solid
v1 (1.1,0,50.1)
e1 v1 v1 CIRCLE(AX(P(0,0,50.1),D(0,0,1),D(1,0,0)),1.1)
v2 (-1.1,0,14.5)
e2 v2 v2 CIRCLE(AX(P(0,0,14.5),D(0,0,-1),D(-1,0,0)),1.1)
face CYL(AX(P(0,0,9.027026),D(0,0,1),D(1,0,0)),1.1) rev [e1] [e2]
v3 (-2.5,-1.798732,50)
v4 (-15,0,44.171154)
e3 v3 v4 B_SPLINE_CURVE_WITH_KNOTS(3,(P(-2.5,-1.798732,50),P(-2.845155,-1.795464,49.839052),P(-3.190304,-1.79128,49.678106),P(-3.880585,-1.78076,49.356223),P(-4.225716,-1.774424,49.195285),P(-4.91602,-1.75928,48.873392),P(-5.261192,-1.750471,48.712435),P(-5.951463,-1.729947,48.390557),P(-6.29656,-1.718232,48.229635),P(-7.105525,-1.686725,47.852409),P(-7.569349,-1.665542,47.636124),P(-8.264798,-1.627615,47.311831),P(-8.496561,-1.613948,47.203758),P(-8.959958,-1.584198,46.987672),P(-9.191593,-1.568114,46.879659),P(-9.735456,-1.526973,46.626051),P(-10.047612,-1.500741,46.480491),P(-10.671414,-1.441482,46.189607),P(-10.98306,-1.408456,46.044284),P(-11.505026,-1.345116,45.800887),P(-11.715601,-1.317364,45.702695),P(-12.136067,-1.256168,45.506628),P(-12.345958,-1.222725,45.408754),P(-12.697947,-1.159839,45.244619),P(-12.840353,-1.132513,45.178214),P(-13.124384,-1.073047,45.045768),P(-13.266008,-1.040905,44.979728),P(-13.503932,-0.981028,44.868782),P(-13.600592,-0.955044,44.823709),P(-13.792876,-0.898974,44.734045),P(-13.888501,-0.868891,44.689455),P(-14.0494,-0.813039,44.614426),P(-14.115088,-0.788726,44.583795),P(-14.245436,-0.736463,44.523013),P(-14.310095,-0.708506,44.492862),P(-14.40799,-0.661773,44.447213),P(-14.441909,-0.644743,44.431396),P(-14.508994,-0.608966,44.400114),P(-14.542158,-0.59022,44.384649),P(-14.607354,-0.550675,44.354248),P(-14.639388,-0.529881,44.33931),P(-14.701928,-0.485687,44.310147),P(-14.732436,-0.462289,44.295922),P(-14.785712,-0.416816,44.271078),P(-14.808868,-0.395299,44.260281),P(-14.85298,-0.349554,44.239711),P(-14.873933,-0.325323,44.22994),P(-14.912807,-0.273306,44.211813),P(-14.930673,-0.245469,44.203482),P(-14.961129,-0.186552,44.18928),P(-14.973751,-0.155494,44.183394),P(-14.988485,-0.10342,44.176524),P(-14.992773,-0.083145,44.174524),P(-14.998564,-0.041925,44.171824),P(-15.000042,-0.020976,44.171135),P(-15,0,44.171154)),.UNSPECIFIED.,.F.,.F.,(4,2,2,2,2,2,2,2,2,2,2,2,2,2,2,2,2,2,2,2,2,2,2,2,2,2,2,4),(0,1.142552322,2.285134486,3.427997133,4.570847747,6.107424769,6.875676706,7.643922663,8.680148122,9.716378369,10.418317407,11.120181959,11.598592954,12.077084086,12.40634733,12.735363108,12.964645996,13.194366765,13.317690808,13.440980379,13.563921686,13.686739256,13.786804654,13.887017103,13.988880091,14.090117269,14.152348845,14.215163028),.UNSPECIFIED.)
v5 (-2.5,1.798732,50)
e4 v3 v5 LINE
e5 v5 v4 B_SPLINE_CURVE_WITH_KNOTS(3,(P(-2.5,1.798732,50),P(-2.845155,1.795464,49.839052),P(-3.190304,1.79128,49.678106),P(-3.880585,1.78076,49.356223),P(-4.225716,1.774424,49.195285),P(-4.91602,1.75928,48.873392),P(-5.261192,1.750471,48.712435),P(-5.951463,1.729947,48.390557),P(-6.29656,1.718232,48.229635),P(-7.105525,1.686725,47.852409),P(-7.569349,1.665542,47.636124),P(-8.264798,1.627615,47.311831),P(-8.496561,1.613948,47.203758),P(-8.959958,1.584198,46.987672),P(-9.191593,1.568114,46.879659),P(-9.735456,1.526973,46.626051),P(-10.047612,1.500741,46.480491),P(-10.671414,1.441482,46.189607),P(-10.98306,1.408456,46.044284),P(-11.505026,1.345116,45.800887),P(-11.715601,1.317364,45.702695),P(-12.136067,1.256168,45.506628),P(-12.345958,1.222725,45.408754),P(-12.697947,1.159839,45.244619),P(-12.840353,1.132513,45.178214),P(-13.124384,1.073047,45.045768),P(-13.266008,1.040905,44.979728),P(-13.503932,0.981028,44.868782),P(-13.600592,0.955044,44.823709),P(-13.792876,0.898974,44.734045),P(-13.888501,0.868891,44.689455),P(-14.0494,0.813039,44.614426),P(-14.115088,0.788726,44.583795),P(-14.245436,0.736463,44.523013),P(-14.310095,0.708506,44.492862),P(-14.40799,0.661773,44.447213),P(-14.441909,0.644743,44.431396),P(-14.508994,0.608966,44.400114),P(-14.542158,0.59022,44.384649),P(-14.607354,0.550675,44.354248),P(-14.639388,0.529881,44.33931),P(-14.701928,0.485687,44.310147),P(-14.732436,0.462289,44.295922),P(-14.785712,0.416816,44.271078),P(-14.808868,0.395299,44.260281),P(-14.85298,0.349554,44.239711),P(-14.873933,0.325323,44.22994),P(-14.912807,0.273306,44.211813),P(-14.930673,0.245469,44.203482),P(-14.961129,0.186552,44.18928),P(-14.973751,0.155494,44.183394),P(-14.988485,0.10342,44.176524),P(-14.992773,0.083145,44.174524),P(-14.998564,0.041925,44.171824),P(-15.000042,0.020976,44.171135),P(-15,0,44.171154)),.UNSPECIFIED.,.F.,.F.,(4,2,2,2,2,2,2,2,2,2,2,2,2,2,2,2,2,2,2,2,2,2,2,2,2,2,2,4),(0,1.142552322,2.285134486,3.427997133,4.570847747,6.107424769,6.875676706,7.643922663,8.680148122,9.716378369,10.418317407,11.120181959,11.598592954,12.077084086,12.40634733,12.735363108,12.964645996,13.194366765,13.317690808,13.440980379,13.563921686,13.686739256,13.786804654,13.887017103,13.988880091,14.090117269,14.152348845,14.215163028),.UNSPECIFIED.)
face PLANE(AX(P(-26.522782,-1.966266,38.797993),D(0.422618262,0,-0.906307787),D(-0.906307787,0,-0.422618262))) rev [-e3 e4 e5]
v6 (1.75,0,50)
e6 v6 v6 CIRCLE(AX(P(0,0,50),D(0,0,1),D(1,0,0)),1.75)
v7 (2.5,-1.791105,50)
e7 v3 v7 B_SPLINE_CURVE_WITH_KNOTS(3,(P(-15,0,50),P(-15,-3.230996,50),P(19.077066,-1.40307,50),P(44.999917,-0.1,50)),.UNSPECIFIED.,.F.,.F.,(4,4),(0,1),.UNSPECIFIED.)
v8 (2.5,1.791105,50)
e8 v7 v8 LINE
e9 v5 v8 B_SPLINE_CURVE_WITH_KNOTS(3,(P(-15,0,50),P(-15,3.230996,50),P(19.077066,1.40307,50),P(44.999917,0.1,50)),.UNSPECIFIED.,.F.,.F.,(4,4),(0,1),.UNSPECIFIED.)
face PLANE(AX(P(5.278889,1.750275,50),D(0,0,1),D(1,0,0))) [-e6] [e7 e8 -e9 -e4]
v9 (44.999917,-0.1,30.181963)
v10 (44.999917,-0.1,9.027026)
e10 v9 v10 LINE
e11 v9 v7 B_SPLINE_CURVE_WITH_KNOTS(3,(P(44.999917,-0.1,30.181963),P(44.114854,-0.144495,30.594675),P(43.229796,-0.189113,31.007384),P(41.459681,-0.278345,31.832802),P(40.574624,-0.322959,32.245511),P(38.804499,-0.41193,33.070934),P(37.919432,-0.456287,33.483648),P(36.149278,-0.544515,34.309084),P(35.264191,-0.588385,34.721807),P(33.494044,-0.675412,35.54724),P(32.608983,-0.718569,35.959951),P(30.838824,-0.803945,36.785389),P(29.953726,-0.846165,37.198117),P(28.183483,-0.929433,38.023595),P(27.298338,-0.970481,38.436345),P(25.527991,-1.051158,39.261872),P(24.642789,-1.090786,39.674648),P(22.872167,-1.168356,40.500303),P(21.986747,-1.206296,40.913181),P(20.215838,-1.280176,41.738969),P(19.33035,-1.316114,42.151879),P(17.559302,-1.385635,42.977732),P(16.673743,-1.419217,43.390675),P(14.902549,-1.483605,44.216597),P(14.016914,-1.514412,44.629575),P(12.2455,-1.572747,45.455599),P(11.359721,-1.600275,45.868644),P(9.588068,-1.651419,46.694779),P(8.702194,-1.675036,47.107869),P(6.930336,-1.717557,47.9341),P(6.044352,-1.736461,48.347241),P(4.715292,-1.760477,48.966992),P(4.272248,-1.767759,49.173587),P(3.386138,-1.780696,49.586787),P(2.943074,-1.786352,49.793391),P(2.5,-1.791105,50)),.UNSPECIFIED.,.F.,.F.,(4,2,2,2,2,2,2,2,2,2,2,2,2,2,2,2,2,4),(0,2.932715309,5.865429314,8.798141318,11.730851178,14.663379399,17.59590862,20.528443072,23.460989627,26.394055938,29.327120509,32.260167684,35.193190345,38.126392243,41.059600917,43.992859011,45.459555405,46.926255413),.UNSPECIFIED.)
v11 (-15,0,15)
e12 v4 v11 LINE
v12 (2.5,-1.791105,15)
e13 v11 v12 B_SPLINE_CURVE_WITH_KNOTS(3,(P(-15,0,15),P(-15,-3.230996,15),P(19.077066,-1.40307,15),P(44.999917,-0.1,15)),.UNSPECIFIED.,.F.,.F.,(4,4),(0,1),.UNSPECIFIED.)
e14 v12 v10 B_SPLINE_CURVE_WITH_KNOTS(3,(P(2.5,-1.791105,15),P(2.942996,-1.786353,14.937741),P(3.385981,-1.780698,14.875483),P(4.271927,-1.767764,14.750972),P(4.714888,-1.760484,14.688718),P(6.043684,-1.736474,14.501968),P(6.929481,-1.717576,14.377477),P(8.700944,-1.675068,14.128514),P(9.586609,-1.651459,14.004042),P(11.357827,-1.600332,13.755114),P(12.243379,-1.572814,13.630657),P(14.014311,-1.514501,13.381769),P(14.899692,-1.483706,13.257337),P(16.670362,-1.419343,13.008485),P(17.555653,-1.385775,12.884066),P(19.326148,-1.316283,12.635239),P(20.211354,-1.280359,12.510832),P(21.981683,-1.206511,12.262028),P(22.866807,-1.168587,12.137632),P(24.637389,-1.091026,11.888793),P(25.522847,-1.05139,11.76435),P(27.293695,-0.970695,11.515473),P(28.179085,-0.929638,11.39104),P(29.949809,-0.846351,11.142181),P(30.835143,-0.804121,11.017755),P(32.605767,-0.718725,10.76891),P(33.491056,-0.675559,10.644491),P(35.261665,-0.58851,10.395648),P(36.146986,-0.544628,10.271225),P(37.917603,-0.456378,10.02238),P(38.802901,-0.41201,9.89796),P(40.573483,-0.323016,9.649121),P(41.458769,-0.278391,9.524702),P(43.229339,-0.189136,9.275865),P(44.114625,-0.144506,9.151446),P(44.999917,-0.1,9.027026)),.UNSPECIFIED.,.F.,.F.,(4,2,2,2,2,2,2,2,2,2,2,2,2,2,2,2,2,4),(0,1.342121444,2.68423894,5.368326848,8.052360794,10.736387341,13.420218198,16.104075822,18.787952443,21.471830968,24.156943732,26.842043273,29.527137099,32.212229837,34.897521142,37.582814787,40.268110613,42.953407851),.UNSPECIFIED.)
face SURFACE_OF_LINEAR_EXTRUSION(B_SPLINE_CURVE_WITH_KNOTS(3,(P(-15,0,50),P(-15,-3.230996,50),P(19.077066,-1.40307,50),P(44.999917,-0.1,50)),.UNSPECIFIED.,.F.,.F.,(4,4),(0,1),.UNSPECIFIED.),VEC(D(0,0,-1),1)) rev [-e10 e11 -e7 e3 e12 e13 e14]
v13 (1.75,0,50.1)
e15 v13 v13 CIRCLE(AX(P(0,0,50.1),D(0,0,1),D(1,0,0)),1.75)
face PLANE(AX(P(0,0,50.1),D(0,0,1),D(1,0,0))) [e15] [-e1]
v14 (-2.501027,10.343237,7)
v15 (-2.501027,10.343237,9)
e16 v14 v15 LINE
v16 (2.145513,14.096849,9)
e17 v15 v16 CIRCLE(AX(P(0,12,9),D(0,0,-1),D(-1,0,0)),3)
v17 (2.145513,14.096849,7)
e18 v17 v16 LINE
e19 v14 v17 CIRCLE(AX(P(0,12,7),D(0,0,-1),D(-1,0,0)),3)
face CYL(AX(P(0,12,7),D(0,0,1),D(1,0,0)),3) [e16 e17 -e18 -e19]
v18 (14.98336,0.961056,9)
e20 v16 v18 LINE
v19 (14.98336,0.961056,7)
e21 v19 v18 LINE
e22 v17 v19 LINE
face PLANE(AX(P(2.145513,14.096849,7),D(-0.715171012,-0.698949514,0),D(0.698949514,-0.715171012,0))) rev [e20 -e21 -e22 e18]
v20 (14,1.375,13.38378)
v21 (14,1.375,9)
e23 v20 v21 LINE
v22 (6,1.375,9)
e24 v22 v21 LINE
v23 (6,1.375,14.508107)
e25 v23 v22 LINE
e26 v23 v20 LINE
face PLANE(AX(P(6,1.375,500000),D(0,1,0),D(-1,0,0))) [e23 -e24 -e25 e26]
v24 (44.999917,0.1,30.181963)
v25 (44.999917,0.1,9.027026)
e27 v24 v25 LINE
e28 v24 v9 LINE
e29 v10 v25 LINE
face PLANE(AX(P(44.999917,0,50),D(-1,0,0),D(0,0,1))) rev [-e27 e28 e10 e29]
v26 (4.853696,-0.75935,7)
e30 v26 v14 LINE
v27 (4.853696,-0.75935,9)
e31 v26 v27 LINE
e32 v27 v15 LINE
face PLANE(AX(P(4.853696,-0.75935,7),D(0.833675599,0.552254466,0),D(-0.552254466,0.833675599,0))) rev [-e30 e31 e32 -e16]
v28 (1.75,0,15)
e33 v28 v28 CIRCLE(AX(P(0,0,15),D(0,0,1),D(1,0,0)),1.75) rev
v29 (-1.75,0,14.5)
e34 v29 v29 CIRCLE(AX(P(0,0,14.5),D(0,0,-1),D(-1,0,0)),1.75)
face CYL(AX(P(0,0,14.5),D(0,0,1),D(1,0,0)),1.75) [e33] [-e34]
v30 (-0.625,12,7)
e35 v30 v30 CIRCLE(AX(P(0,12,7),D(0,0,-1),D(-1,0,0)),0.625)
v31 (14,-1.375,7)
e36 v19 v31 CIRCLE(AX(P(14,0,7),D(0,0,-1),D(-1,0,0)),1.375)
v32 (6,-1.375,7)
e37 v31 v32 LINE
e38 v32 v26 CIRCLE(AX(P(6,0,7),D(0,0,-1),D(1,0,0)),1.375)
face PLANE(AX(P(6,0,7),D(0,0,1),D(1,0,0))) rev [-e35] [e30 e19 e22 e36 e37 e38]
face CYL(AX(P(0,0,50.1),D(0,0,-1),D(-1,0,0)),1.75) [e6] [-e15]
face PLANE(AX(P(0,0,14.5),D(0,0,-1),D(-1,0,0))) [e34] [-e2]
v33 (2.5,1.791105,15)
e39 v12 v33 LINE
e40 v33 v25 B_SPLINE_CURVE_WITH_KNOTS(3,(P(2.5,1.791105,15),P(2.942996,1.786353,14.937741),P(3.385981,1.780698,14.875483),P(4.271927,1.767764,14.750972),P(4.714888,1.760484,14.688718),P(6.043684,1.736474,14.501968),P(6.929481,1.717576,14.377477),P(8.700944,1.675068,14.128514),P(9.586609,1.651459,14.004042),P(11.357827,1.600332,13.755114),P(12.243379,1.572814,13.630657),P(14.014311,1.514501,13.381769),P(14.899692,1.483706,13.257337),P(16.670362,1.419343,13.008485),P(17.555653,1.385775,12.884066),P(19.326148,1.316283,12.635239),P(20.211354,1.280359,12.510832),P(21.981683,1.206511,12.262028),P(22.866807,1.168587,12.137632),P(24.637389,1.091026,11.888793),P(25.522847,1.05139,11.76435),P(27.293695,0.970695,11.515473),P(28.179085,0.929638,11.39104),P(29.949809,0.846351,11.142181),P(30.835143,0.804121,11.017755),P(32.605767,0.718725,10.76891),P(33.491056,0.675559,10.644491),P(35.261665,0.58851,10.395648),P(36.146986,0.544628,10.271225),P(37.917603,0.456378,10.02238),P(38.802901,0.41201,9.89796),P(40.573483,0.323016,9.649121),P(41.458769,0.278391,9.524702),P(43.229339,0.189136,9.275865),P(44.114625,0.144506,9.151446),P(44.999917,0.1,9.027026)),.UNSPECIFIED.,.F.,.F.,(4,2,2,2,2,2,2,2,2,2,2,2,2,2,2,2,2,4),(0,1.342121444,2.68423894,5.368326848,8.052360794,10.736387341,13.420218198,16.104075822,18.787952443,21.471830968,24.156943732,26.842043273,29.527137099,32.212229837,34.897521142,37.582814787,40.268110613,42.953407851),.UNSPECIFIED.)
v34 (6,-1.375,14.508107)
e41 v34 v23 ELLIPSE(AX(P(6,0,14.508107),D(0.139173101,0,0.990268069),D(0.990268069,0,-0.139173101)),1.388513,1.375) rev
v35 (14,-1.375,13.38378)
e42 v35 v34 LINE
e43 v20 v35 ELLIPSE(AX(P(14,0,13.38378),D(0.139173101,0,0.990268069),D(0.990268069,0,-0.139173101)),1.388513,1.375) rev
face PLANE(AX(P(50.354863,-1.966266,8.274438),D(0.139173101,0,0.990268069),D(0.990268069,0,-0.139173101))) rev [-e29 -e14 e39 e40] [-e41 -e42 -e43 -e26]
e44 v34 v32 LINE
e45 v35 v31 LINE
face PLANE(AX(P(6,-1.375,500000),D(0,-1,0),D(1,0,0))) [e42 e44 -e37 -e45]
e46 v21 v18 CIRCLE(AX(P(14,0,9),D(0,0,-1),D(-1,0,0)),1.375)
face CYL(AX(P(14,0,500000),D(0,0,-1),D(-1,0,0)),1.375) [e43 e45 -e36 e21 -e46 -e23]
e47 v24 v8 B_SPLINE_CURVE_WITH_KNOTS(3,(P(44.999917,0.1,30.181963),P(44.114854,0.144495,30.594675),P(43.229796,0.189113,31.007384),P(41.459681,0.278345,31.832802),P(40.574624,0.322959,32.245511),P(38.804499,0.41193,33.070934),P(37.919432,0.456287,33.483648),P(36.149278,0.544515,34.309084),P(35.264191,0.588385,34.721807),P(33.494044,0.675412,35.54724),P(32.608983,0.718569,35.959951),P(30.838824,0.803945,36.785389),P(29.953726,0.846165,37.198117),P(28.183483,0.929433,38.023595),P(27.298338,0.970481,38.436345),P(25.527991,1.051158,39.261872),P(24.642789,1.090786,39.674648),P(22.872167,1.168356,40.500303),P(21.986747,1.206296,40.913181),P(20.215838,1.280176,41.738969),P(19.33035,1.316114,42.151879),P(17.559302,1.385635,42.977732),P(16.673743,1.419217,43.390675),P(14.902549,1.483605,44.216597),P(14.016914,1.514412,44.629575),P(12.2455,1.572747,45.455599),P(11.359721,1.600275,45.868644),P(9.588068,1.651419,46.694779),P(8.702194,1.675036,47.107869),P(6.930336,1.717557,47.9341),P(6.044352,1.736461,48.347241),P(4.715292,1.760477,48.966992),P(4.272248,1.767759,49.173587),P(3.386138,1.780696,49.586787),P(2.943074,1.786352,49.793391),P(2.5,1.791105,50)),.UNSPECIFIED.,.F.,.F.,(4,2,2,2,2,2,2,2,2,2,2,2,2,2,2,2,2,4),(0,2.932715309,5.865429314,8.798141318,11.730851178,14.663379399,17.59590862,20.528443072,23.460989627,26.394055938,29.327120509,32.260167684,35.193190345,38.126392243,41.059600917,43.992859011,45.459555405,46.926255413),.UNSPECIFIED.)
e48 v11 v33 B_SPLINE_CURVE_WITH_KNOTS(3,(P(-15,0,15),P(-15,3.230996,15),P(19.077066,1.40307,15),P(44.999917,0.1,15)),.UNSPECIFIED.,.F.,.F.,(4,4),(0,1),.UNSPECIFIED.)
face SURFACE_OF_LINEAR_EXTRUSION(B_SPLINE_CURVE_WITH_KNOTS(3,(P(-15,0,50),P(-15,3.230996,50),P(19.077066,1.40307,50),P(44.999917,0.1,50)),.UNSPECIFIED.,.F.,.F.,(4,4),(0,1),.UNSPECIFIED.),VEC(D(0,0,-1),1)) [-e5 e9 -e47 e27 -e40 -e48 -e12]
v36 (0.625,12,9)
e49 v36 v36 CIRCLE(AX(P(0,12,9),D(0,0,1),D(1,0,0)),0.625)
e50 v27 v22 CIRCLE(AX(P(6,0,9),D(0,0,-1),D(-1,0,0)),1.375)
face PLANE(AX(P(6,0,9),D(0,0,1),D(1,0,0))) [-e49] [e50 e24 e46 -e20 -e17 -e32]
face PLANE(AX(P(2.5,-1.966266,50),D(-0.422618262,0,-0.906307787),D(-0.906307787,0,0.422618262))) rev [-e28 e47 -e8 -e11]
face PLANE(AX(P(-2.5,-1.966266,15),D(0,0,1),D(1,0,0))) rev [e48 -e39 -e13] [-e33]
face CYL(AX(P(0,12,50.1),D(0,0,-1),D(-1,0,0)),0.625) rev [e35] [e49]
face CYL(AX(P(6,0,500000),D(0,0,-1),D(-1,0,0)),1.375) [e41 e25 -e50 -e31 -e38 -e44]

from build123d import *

# Parameters (mm, degrees)
BOSS_EXTRUDE1_DEPTH     = 50
CUT_EXTRUDE1_DEPTH      = 68.292354146
CUT_EXTRUDE1_DEPTH_BACK = 68.292354146
SKETCH3_R               = 1.75
BOSS_EXTRUDE2_DEPTH     = 0.1
BOSS_EXTRUDE3_START     = 0.5
SKETCH5_R               = 1.75
BOSS_EXTRUDE3_DEPTH     = 0.5
SKETCH4_R               = 1.1
CUT_EXTRUDE2_DEPTH      = 61.952851438
BOSS_EXTRUDE4_REACH     = 62.971
BOSS_EXTRUDE5_START     = 2
BOSS_EXTRUDE5_DEPTH     = 2
SKETCH8_R               = 0.625
CUT_EXTRUDE3_DEPTH      = 65.090580501


with BuildPart() as part:
    # Sketch1 → Boss-Extrude1 (new body)
    with BuildSketch(Plane.XY):
        with BuildLine():
            Line((-15, 0), (44.999916667, 0))
            Line((44.999916667, 0), (44.999916667, 0.1))
            add(Edge.make_bspline(
                [(-15, 0), (-15, 3.230995927), (19.077066257, 1.403070244), (44.999916667, 0.1)],
                knots=[0, 0, 0, 0, 1, 1, 1, 1], degree=3))
        make_face()
    boss_extrude1 = extrude(amount=BOSS_EXTRUDE1_DEPTH)

    # Mirror1: Boss-Extrude1 across plane
    add(boss_extrude1.mirror(Plane(origin=(-15, 0, 50), x_dir=(0, 0, 1), z_dir=(0, 1, 0))))

    # Sketch2 → Cut-Extrude1 (cut, two sides: drawn at the far end of the back side and taken through both)
    with BuildSketch(Plane(origin=(0, 0, 0), x_dir=(1, 0, 0), z_dir=(0, 1, 0)).offset(-CUT_EXTRUDE1_DEPTH_BACK)):
        Polygon((-26.522782457, -38.79799257), (-2.5, -50), (2.5, -50), (51.792235583, -27.01465306), (51.792235583, -55.115877471), (-26.522782457, -55.115877471), align=None)
        Polygon((-2.5, -15), (2.5, -15), (50.354863493, -8.27443754), (50.354863493, 7.109448332), (-22.823153077, 7.109448332), (-22.823153077, -15), align=None)
    extrude(amount=CUT_EXTRUDE1_DEPTH + CUT_EXTRUDE1_DEPTH_BACK, mode=Mode.SUBTRACT)

    # Sketch3 → Boss-Extrude2 (add)
    with BuildSketch(Plane.XY.offset(50)):
        Circle(SKETCH3_R)
    extrude(amount=BOSS_EXTRUDE2_DEPTH)

    # Sketch5 → Boss-Extrude3 (add)
    with BuildSketch(Plane(origin=(0, 0, 15), x_dir=(-1, 0, 0), z_dir=(0, 0, -1)).offset(BOSS_EXTRUDE3_START)):
        with Locations(Location((0, 0, 0), (0, 0, 180))):
            Circle(SKETCH5_R)
    extrude(amount=-BOSS_EXTRUDE3_DEPTH)

    # Sketch4 → Cut-Extrude2 (cut, through all)
    with BuildSketch(Plane.XY.offset(50.1)):
        Circle(SKETCH4_R)
    extrude(amount=-CUT_EXTRUDE2_DEPTH, mode=Mode.SUBTRACT)

    # Boss-Extrude4: up to this plane
    boss_extrude4_end = Plane(origin=(50.354863493, -1.966265525, 8.27443754), z_dir=(0.13917310096005872, 0, 0.9902680687415713))
    # Sketch6 → Boss-Extrude4 (add, up to the surface)
    with BuildSketch(Plane(origin=(0, 0, 9), x_dir=(-1, 0, 0), z_dir=(0, 0, -1)), mode=Mode.PRIVATE) as boss_extrude4_sk1:
        with BuildLine():
            Line((-6, -1.375), (-14, -1.375))
            ThreePointArc((-14, -1.375), (-15.375, 0), (-14, 1.375))
            Line((-14, 1.375), (-6, 1.375))
            ThreePointArc((-6, 1.375), (-4.625, 0), (-6, -1.375))
        make_face()
    boss_extrude4_tool1 = split(extrude(boss_extrude4_sk1.sketch, amount=-BOSS_EXTRUDE4_REACH, mode=Mode.PRIVATE), bisect_by=boss_extrude4_end, keep=Keep.BOTH, mode=Mode.PRIVATE)
    add(boss_extrude4_tool1.solids().sort_by_distance((10, 0, 9))[0])

    # Sketch7 → Boss-Extrude5 (add)
    with BuildSketch(Plane(origin=(0, 0, 9), x_dir=(-1, 0, 0), z_dir=(0, 0, -1)).offset(BOSS_EXTRUDE5_START)):
        with BuildLine():
            Line((-4.853696051, -0.759349891), (2.501026797, 10.343236601))
            ThreePointArc((2.501026797, 10.343236601), (1.885205071, 14.333667037), (-2.145513036, 14.096848543))
            Line((-2.145513036, 14.096848543), (-14.983360142, 0.961055582))
            ThreePointArc((-14.983360142, 0.961055582), (-15.26729563, -0.533466763), (-14, -1.375))
            Line((-14, -1.375), (-6, -1.375))
            ThreePointArc((-6, -1.375), (-5.34941607, -1.211348649), (-4.853696051, -0.759349891))
        make_face()
    extrude(amount=-BOSS_EXTRUDE5_DEPTH)

    # Sketch8 → Cut-Extrude3 (cut, through all)
    with BuildSketch(Plane(origin=(0, 0, 7), x_dir=(-1, 0, 0), z_dir=(0, 0, -1))):
        with Locations((0, 12)):
            Circle(SKETCH8_R)
    extrude(amount=-CUT_EXTRUDE3_DEPTH, mode=Mode.SUBTRACT)


solid = part.part
